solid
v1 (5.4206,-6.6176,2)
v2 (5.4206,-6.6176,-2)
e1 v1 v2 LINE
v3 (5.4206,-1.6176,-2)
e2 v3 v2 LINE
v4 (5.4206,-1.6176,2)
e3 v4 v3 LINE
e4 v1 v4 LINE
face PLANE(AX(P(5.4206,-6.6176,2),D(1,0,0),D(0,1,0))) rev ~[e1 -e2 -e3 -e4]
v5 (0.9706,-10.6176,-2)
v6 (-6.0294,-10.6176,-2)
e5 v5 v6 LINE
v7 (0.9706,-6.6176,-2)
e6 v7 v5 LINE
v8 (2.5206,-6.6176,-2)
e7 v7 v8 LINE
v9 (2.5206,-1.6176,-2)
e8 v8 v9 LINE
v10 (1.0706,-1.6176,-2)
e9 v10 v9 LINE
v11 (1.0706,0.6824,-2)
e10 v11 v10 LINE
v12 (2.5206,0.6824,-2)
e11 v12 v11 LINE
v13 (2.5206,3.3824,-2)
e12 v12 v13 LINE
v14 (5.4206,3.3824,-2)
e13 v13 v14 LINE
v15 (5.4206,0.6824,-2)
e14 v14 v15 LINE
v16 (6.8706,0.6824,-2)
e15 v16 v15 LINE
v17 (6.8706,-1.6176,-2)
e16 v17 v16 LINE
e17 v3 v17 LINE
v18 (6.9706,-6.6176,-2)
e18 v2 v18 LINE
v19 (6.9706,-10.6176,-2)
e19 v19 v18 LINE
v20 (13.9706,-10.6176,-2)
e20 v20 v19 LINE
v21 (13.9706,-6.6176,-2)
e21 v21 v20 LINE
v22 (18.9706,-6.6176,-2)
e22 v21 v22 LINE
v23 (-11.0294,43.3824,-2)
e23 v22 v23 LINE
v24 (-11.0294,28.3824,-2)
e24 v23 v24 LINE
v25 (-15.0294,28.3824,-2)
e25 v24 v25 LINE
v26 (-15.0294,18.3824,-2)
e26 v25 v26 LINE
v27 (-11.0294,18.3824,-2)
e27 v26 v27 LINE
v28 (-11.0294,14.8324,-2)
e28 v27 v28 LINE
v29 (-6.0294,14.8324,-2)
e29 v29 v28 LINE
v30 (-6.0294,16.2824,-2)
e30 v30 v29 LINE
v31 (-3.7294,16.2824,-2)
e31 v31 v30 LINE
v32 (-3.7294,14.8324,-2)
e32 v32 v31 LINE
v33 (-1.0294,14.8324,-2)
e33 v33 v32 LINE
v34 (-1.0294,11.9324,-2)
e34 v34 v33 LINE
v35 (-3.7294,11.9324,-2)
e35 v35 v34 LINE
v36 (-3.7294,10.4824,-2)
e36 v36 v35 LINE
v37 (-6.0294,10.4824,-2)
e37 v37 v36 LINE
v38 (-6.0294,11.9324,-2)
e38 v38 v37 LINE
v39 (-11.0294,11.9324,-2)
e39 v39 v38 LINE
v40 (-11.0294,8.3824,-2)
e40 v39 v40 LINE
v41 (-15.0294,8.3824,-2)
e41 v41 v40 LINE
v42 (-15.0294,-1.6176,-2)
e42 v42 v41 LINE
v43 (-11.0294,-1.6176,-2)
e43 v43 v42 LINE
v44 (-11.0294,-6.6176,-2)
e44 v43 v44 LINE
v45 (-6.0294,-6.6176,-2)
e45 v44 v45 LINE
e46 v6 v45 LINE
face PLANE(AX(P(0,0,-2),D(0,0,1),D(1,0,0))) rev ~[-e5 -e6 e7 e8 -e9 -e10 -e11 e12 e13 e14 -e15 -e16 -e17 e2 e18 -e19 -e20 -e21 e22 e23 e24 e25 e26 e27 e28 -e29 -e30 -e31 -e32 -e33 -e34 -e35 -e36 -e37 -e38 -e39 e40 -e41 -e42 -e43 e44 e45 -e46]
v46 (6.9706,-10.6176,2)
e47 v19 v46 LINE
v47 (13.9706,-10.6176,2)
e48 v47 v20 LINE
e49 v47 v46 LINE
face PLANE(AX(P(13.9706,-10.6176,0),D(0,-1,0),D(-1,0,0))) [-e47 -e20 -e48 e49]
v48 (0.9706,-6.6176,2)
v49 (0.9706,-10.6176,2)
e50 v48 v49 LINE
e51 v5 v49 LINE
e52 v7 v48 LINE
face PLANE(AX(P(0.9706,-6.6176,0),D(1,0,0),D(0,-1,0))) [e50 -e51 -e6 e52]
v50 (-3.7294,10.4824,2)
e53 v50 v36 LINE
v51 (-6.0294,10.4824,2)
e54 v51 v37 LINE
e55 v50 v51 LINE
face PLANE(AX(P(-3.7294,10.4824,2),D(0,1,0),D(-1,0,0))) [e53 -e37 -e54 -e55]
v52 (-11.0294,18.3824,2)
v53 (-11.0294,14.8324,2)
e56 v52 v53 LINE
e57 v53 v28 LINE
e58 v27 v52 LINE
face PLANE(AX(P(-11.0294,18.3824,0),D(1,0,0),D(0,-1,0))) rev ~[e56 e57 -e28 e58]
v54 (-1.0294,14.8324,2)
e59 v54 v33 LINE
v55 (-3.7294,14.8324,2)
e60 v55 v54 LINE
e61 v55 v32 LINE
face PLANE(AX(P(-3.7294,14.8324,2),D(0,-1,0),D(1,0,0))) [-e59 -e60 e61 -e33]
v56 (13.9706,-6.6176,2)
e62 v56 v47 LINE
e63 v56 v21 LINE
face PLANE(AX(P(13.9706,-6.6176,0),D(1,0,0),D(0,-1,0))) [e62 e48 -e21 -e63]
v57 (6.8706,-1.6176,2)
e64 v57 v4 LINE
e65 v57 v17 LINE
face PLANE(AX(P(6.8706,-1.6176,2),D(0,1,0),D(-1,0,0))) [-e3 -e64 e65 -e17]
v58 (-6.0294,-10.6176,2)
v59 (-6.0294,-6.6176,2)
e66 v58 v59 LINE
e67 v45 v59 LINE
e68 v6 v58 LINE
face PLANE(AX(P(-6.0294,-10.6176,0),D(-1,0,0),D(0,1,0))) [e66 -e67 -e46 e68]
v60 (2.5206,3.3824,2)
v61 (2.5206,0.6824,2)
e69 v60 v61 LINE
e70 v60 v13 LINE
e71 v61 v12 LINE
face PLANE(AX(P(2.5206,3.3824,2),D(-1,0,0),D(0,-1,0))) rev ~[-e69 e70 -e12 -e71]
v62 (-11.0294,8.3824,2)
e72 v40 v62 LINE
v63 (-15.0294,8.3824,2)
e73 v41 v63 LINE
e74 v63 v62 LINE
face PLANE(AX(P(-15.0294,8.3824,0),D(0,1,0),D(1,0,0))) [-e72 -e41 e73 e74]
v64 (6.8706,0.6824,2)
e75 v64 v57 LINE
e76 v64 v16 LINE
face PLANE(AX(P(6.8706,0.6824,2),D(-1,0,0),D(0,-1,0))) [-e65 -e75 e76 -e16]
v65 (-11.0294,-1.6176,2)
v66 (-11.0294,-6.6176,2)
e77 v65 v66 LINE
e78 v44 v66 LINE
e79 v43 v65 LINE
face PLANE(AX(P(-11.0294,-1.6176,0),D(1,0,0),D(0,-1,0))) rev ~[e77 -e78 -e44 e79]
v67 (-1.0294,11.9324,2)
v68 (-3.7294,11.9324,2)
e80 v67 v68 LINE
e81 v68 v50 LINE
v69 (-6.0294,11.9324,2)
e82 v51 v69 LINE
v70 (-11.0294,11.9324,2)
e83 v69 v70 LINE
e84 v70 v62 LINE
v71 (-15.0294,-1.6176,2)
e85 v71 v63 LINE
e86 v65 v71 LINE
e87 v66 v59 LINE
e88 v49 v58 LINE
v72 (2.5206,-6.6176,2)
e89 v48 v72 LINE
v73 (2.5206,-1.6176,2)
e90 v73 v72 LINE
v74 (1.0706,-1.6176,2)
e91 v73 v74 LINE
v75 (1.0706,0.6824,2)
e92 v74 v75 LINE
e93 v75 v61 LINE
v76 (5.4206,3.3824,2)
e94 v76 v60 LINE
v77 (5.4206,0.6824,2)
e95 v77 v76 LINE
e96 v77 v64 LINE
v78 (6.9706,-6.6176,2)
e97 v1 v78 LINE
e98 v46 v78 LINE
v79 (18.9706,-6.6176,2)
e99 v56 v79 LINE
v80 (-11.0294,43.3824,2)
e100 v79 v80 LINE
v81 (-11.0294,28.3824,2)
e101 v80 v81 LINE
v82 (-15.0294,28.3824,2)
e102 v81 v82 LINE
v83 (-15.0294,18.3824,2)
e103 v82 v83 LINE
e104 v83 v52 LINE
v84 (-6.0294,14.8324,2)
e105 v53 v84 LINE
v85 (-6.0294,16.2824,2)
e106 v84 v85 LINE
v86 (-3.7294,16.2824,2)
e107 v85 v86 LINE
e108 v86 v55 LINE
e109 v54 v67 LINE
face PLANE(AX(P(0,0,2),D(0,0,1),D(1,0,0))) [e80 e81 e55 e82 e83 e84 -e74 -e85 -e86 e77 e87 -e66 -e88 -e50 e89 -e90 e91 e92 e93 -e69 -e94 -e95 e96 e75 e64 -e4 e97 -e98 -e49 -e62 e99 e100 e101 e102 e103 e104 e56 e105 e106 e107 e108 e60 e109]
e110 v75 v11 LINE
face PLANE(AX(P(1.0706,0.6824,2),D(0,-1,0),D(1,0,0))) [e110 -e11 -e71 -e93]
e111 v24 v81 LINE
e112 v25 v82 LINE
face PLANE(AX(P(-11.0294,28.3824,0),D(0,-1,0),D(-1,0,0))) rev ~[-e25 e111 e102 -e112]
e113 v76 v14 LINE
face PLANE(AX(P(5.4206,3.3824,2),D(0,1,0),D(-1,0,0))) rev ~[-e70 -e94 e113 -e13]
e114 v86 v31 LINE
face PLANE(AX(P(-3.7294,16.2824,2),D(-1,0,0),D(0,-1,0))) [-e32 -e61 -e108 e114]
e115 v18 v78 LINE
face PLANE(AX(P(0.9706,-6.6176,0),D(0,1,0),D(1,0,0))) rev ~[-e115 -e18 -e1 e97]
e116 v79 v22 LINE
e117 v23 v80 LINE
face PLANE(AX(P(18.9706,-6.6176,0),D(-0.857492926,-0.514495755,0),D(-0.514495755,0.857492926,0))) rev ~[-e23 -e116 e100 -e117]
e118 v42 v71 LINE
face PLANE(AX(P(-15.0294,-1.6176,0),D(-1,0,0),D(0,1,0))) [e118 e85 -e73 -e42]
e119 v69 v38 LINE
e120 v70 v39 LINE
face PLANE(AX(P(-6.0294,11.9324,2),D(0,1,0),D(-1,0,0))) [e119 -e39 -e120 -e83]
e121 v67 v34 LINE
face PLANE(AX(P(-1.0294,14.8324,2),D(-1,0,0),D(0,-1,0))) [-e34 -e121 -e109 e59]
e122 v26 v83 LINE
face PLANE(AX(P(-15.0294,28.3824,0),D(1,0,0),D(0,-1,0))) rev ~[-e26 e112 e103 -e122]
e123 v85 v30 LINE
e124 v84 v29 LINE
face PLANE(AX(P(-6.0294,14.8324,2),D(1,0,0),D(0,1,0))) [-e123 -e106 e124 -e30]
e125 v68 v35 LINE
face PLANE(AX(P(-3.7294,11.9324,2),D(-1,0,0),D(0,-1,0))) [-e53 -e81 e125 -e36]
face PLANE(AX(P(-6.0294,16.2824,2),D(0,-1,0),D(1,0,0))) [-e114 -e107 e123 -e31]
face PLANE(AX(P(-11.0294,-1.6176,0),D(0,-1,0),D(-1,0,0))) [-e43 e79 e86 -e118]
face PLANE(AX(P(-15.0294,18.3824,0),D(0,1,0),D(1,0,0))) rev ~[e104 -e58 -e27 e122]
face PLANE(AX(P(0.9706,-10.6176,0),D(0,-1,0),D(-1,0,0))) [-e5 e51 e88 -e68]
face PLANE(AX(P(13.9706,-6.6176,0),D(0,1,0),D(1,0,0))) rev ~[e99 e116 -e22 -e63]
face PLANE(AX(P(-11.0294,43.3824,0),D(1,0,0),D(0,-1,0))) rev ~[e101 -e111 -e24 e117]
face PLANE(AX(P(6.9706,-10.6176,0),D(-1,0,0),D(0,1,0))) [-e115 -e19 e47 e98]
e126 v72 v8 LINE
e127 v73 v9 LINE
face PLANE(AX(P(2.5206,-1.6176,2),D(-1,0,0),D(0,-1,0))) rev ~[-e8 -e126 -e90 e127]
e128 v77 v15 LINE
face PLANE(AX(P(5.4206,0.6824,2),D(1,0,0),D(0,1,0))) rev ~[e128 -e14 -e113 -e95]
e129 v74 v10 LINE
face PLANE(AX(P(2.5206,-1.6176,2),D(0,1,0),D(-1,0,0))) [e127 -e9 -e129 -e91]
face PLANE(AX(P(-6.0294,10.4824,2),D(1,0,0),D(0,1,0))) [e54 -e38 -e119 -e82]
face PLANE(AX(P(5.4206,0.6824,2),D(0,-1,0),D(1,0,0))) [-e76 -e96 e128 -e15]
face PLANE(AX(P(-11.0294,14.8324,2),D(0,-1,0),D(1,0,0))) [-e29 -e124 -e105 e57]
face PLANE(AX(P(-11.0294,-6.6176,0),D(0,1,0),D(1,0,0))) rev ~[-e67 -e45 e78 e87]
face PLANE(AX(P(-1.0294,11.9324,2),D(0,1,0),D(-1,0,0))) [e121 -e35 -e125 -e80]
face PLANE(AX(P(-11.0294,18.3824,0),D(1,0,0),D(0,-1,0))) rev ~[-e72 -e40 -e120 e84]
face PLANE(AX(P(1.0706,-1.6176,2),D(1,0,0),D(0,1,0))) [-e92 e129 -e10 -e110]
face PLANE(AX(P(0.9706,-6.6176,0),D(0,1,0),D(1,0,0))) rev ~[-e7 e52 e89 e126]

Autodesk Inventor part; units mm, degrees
sketch "Эскиз1" plane through (0, 0, 0) normal (0, 0, 1) x (1, 0, 0)
  line L0 (-11.0294, 43.3824) -> (-11.0294, -6.6176)
  line L1 (-11.0294, -6.6176) -> (18.9706, -6.6176)
  line L2 (18.9706, -6.6176) -> (-11.0294, 43.3824)
  line L3 (-11.0294, -6.6176) -> (11.0294, 6.6176) construction
  line L4 (-6.0294, -6.6176) -> (0.9706, -6.6176)
  line L5 (0.9706, -6.6176) -> (0.9706, -10.6176)
  line L6 (0.9706, -10.6176) -> (-6.0294, -10.6176)
  line L7 (-6.0294, -10.6176) -> (-6.0294, -6.6176)
  line L8 (6.9706, -6.6176) -> (13.9706, -6.6176)
  line L9 (13.9706, -6.6176) -> (13.9706, -10.6176)
  line L10 (13.9706, -10.6176) -> (6.9706, -10.6176)
  line L11 (6.9706, -10.6176) -> (6.9706, -6.6176)
  line L12 (-11.0294, 28.3824) -> (-15.0294, 28.3824)
  line L13 (-15.0294, 28.3824) -> (-15.0294, 18.3824)
  line L14 (-15.0294, 18.3824) -> (-11.0294, 18.3824)
  line L15 (-11.0294, 18.3824) -> (-11.0294, 28.3824)
  line L16 (-11.0294, -1.6176) -> (-15.0294, -1.6176)
  line L17 (-15.0294, -1.6176) -> (-15.0294, 8.3824)
  line L18 (-15.0294, 8.3824) -> (-11.0294, 8.3824)
  line L19 (-11.0294, 8.3824) -> (-11.0294, -1.6176)
  point P0 (0, 0)
  point P1 (0, 0)
  point P2 (-11.0294, 8.3824)
  point P3 (0.9706, -6.6176)
  dimension "d0" = 30
  dimension "d1" = 50
  dimension "d2" = 10
  dimension "d3" = 15
  dimension "d4" = 4
  dimension "d5" = 5
  dimension "d6" = 5
  dimension "d7" = 7
  dimension "d8" = 5
extrude "Выдавливание1" add sketch "Эскиз1" along normal mid plane 4
sketch "Эскиз2" plane through (0, 0, 2) normal (0, 0, 1) x (1, 0, 0)
  line L0 (-11.0294, 18.3824) -> (-11.0294, 8.3824) projected
  line L1 (-11.0294, 14.8324) -> (-1.0294, 14.8324)
  line L2 (-1.0294, 14.8324) -> (-1.0294, 11.9324)
  line L3 (-1.0294, 11.9324) -> (-11.0294, 11.9324)
  line L4 (-11.0294, 11.9324) -> (-11.0294, 14.8324)
  line L5 (0.9706, -6.6176) -> (6.9706, -6.6176) projected
  line L6 (2.5206, -6.6176) -> (5.4206, -6.6176)
  line L7 (5.4206, -6.6176) -> (5.4206, 3.3824)
  line L8 (5.4206, 3.3824) -> (2.5206, 3.3824)
  line L9 (2.5206, 3.3824) -> (2.5206, -6.6176)
  line L10 (-6.0294, 16.2824) -> (-3.7294, 16.2824)
  line L11 (-3.7294, 16.2824) -> (-3.7294, 10.4824)
  line L12 (-3.7294, 10.4824) -> (-6.0294, 10.4824)
  line L13 (-6.0294, 10.4824) -> (-6.0294, 16.2824)
  line L14 (1.0706, 0.6824) -> (6.8706, 0.6824)
  line L15 (6.8706, 0.6824) -> (6.8706, -1.6176)
  line L16 (6.8706, -1.6176) -> (1.0706, -1.6176)
  line L17 (1.0706, -1.6176) -> (1.0706, 0.6824)
  line L18 (-11.0294, 13.3824) -> (-1.0294, 13.3824) construction
  line L19 (3.9706, 3.3824) -> (3.9706, -6.6176) construction
  point P0 (0, 0)
  point P1 (-3.7294, 13.3824)
  point P2 (3.9706, 0.6824)
  point P3 (-6.0294, 14.8324)
  point P4 (-11.0294, 11.9324)
  point P5 (-6.0294, 11.9324)
  point P6 (-3.7294, 11.9324)
  point P7 (-3.7294, 14.8324)
  point P8 (2.5206, -1.6176)
  point P9 (5.4206, -1.6176)
  point P10 (5.4206, 0.6824)
  point P11 (2.5206, 0.6824)
  dimension "d11" = 2.9
  dimension "d12" = 10
  dimension "d13" = 2.3
  dimension "d14" = 5.8
  dimension "d15" = 5
  dimension "d16" = 5
extrude "Выдавливание2" cut sketch "Эскиз2" against normal up to next
properties part number "Рёбра_жёсткости"
